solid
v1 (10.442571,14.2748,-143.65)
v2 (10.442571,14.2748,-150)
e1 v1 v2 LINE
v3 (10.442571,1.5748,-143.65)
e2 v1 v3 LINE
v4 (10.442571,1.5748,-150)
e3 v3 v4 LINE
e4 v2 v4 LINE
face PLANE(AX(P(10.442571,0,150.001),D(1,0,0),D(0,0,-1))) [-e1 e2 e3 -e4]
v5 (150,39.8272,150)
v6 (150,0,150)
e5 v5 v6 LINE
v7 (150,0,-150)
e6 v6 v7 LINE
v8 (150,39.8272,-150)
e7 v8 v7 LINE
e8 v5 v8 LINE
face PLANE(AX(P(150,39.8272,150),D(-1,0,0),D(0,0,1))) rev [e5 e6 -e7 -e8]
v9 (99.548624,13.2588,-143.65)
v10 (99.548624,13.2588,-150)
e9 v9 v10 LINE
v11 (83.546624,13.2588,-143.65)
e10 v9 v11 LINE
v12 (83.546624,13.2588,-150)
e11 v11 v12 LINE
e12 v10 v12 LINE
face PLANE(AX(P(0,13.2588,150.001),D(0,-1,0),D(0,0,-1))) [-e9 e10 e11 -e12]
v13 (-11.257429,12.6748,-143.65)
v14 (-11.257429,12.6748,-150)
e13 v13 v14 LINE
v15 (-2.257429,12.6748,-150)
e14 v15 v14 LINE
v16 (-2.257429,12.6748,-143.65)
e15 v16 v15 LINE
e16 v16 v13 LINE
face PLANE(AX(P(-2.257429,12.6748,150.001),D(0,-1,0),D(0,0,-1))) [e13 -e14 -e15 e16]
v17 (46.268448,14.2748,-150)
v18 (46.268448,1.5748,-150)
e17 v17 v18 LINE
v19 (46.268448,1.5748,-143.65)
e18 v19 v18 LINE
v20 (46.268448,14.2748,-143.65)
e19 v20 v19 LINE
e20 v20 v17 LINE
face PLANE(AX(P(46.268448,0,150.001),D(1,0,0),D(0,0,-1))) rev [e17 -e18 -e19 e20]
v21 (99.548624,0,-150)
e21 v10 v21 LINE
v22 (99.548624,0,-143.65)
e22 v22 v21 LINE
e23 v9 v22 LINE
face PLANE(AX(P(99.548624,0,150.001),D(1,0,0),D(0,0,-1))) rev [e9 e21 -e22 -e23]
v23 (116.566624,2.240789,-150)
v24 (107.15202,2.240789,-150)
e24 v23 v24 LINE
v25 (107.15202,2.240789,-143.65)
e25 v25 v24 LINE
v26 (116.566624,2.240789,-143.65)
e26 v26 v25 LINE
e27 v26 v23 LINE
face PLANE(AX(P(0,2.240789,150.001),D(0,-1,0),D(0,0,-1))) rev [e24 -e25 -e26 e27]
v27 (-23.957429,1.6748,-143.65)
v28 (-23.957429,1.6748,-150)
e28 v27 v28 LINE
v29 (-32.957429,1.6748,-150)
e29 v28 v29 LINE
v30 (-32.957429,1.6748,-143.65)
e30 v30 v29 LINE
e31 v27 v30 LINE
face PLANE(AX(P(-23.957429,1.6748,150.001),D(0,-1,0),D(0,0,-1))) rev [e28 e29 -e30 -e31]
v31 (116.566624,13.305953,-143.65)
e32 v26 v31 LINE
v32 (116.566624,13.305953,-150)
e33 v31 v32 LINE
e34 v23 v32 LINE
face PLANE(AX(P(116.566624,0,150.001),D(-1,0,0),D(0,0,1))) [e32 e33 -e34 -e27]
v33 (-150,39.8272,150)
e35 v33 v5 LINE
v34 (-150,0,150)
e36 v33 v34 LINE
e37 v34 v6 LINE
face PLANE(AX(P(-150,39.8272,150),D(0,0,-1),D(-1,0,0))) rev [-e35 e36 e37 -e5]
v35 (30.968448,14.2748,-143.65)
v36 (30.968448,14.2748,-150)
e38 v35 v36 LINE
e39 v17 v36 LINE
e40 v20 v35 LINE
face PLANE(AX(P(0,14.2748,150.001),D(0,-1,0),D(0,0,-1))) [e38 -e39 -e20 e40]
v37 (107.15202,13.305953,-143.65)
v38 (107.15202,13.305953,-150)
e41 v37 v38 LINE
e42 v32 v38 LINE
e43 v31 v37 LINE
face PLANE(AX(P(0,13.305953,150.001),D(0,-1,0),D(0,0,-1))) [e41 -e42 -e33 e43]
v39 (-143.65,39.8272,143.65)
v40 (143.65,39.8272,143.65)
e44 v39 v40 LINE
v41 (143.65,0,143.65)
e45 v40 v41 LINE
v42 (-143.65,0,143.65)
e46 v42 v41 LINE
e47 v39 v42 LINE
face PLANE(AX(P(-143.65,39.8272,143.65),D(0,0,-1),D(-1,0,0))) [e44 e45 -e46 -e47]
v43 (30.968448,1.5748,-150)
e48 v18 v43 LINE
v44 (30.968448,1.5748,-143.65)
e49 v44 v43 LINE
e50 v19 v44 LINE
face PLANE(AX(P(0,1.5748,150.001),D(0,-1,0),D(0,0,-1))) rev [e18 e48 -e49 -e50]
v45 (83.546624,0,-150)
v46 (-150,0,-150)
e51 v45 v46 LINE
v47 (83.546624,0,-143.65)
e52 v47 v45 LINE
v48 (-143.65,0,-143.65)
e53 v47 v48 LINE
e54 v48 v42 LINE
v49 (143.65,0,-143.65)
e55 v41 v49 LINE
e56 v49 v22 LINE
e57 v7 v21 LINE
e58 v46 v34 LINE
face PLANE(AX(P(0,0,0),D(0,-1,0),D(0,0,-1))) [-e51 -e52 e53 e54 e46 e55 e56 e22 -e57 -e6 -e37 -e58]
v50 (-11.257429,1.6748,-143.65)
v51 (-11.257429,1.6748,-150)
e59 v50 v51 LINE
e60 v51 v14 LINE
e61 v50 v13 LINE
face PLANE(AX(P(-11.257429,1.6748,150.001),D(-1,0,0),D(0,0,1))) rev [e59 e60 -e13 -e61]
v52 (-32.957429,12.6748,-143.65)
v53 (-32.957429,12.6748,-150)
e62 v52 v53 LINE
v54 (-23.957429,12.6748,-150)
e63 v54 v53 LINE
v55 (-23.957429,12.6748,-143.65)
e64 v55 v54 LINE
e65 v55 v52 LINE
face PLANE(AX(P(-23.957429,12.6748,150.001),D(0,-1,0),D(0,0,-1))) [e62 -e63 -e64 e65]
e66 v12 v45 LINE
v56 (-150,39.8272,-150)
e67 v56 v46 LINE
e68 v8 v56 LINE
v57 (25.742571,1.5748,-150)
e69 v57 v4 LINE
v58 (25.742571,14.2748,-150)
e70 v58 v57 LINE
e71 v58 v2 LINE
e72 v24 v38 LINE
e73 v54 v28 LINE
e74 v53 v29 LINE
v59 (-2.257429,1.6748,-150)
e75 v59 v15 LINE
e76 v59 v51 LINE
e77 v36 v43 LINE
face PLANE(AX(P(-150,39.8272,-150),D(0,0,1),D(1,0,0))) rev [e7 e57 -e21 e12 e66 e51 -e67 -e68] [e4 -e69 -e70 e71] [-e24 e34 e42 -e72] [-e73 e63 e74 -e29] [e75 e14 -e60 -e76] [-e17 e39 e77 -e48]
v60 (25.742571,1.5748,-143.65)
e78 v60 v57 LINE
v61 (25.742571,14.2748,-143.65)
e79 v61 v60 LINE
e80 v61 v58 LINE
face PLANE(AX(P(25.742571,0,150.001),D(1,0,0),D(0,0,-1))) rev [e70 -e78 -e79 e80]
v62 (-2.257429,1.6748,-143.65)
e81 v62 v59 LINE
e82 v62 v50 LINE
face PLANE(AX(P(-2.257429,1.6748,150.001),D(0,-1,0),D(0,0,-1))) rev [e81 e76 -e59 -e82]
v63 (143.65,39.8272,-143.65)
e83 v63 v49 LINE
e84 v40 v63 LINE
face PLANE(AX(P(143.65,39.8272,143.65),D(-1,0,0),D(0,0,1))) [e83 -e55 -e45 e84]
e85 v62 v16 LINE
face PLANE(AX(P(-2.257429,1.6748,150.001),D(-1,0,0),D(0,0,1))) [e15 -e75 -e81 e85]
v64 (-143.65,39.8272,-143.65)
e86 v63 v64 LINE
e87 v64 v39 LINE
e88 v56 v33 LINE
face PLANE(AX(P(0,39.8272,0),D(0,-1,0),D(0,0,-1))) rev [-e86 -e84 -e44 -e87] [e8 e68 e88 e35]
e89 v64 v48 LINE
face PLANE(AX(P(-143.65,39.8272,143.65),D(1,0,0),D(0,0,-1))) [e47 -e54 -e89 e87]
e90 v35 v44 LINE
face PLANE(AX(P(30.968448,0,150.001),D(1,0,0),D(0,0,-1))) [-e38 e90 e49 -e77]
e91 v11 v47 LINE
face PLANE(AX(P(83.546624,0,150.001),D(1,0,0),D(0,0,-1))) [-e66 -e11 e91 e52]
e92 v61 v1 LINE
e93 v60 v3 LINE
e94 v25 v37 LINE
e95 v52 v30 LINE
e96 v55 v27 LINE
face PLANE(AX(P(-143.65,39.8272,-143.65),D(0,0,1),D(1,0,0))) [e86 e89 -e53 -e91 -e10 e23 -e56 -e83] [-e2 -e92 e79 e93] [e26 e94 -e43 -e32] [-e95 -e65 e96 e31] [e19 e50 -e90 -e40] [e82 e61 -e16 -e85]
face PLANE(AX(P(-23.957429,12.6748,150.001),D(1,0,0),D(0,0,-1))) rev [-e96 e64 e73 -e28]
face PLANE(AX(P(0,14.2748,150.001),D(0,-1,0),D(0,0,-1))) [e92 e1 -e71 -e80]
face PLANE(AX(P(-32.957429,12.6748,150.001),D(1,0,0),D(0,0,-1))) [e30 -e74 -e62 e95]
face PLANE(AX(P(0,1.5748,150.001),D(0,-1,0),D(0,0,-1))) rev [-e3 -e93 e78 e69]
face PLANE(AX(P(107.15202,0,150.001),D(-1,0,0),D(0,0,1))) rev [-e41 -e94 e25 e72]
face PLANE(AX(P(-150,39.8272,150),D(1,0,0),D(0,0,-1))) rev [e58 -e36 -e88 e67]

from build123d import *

# Parameters (mm, degrees)
SKETCH1_W           = 300
SKETCH1_H           = 300
SKETCH1_W_2         = 287.3
SKETCH1_H_2         = 287.3
BOSS_EXTRUDE1_DEPTH = 39.8272
CUT_EXTRUDE1_REACH  = 339.766
SKETCH3_W           = 9.414604459
SKETCH3_H           = 11.065164
SKETCH3_W_2         = 16.002
SKETCH3_H_2         = 13.335
SKETCH3_W_3         = 15.3
SKETCH3_H_3         = 12.7
SKETCH3_W_4         = 9
SKETCH3_H_4         = 11


with BuildPart() as part:
    # Sketch1 → Boss-Extrude1 (new body)
    with BuildSketch(Plane(origin=(0, 0, 0), x_dir=(1, 0, 0), z_dir=(0, 1, 0))):
        Rectangle(SKETCH1_W, SKETCH1_H)
        Rectangle(SKETCH1_W_2, SKETCH1_H_2, mode=Mode.SUBTRACT)
    extrude(amount=BOSS_EXTRUDE1_DEPTH)

    # Sketch3 → Cut-Extrude1 (cut, up to next)
    with BuildSketch(Plane(origin=(0, 0, -150), x_dir=(-1, 0, 0), z_dir=(0, 0, -1)), mode=Mode.PRIVATE) as cut_extrude1_sk1:
        with Locations((-111.859321897, 7.773371258)):
            Rectangle(SKETCH3_W, SKETCH3_H)
    cut_extrude1_tool1 = extrude(cut_extrude1_sk1.sketch, amount=-CUT_EXTRUDE1_REACH, mode=Mode.PRIVATE) & part.part
    # Sketch3 → Cut-Extrude1 (cut, up to next)
    with BuildSketch(Plane(origin=(0, 0, -150), x_dir=(-1, 0, 0), z_dir=(0, 0, -1)), mode=Mode.PRIVATE) as cut_extrude1_sk2:
        with Locations((-91.547624126, 6.5913)):
            Rectangle(SKETCH3_W_2, SKETCH3_H_2)
    cut_extrude1_tool2 = extrude(cut_extrude1_sk2.sketch, amount=-CUT_EXTRUDE1_REACH, mode=Mode.PRIVATE) & part.part
    # Sketch3 → Cut-Extrude1 (cut, up to next)
    with BuildSketch(Plane(origin=(0, 0, -150), x_dir=(-1, 0, 0), z_dir=(0, 0, -1)), mode=Mode.PRIVATE) as cut_extrude1_sk3:
        with Locations((-38.618448478, 7.9248)):
            Rectangle(SKETCH3_W_3, SKETCH3_H_3)
    cut_extrude1_tool3 = extrude(cut_extrude1_sk3.sketch, amount=-CUT_EXTRUDE1_REACH, mode=Mode.PRIVATE) & part.part
    # Sketch3 → Cut-Extrude1 (cut, up to next)
    with BuildSketch(Plane(origin=(0, 0, -150), x_dir=(-1, 0, 0), z_dir=(0, 0, -1)), mode=Mode.PRIVATE) as cut_extrude1_sk4:
        with Locations((-18.092571078, 7.9248)):
            Rectangle(SKETCH3_W_3, SKETCH3_H_3)
    cut_extrude1_tool4 = extrude(cut_extrude1_sk4.sketch, amount=-CUT_EXTRUDE1_REACH, mode=Mode.PRIVATE) & part.part
    # Sketch3 → Cut-Extrude1 (cut, up to next)
    with BuildSketch(Plane(origin=(0, 0, -150), x_dir=(-1, 0, 0), z_dir=(0, 0, -1)), mode=Mode.PRIVATE) as cut_extrude1_sk5:
        with Locations((6.757428922, 7.1748)):
            Rectangle(SKETCH3_W_4, SKETCH3_H_4)
    cut_extrude1_tool5 = extrude(cut_extrude1_sk5.sketch, amount=-CUT_EXTRUDE1_REACH, mode=Mode.PRIVATE) & part.part
    # Sketch3 → Cut-Extrude1 (cut, up to next)
    with BuildSketch(Plane(origin=(0, 0, -150), x_dir=(-1, 0, 0), z_dir=(0, 0, -1)), mode=Mode.PRIVATE) as cut_extrude1_sk6:
        with Locations((28.457428922, 7.1748)):
            Rectangle(SKETCH3_W_4, SKETCH3_H_4)
    cut_extrude1_tool6 = extrude(cut_extrude1_sk6.sketch, amount=-CUT_EXTRUDE1_REACH, mode=Mode.PRIVATE) & part.part
    add(cut_extrude1_tool1.solids().sort_by_distance((111.859322, 7.773371, -150))[0], mode=Mode.SUBTRACT)
    add(cut_extrude1_tool2.solids().sort_by_distance((91.547624, 6.5913, -150))[0], mode=Mode.SUBTRACT)
    add(cut_extrude1_tool3.solids().sort_by_distance((38.618448, 7.9248, -150))[0], mode=Mode.SUBTRACT)
    add(cut_extrude1_tool4.solids().sort_by_distance((18.092571, 7.9248, -150))[0], mode=Mode.SUBTRACT)
    add(cut_extrude1_tool5.solids().sort_by_distance((-6.757429, 7.1748, -150))[0], mode=Mode.SUBTRACT)
    add(cut_extrude1_tool6.solids().sort_by_distance((-28.457429, 7.1748, -150))[0], mode=Mode.SUBTRACT)


solid = part.part
